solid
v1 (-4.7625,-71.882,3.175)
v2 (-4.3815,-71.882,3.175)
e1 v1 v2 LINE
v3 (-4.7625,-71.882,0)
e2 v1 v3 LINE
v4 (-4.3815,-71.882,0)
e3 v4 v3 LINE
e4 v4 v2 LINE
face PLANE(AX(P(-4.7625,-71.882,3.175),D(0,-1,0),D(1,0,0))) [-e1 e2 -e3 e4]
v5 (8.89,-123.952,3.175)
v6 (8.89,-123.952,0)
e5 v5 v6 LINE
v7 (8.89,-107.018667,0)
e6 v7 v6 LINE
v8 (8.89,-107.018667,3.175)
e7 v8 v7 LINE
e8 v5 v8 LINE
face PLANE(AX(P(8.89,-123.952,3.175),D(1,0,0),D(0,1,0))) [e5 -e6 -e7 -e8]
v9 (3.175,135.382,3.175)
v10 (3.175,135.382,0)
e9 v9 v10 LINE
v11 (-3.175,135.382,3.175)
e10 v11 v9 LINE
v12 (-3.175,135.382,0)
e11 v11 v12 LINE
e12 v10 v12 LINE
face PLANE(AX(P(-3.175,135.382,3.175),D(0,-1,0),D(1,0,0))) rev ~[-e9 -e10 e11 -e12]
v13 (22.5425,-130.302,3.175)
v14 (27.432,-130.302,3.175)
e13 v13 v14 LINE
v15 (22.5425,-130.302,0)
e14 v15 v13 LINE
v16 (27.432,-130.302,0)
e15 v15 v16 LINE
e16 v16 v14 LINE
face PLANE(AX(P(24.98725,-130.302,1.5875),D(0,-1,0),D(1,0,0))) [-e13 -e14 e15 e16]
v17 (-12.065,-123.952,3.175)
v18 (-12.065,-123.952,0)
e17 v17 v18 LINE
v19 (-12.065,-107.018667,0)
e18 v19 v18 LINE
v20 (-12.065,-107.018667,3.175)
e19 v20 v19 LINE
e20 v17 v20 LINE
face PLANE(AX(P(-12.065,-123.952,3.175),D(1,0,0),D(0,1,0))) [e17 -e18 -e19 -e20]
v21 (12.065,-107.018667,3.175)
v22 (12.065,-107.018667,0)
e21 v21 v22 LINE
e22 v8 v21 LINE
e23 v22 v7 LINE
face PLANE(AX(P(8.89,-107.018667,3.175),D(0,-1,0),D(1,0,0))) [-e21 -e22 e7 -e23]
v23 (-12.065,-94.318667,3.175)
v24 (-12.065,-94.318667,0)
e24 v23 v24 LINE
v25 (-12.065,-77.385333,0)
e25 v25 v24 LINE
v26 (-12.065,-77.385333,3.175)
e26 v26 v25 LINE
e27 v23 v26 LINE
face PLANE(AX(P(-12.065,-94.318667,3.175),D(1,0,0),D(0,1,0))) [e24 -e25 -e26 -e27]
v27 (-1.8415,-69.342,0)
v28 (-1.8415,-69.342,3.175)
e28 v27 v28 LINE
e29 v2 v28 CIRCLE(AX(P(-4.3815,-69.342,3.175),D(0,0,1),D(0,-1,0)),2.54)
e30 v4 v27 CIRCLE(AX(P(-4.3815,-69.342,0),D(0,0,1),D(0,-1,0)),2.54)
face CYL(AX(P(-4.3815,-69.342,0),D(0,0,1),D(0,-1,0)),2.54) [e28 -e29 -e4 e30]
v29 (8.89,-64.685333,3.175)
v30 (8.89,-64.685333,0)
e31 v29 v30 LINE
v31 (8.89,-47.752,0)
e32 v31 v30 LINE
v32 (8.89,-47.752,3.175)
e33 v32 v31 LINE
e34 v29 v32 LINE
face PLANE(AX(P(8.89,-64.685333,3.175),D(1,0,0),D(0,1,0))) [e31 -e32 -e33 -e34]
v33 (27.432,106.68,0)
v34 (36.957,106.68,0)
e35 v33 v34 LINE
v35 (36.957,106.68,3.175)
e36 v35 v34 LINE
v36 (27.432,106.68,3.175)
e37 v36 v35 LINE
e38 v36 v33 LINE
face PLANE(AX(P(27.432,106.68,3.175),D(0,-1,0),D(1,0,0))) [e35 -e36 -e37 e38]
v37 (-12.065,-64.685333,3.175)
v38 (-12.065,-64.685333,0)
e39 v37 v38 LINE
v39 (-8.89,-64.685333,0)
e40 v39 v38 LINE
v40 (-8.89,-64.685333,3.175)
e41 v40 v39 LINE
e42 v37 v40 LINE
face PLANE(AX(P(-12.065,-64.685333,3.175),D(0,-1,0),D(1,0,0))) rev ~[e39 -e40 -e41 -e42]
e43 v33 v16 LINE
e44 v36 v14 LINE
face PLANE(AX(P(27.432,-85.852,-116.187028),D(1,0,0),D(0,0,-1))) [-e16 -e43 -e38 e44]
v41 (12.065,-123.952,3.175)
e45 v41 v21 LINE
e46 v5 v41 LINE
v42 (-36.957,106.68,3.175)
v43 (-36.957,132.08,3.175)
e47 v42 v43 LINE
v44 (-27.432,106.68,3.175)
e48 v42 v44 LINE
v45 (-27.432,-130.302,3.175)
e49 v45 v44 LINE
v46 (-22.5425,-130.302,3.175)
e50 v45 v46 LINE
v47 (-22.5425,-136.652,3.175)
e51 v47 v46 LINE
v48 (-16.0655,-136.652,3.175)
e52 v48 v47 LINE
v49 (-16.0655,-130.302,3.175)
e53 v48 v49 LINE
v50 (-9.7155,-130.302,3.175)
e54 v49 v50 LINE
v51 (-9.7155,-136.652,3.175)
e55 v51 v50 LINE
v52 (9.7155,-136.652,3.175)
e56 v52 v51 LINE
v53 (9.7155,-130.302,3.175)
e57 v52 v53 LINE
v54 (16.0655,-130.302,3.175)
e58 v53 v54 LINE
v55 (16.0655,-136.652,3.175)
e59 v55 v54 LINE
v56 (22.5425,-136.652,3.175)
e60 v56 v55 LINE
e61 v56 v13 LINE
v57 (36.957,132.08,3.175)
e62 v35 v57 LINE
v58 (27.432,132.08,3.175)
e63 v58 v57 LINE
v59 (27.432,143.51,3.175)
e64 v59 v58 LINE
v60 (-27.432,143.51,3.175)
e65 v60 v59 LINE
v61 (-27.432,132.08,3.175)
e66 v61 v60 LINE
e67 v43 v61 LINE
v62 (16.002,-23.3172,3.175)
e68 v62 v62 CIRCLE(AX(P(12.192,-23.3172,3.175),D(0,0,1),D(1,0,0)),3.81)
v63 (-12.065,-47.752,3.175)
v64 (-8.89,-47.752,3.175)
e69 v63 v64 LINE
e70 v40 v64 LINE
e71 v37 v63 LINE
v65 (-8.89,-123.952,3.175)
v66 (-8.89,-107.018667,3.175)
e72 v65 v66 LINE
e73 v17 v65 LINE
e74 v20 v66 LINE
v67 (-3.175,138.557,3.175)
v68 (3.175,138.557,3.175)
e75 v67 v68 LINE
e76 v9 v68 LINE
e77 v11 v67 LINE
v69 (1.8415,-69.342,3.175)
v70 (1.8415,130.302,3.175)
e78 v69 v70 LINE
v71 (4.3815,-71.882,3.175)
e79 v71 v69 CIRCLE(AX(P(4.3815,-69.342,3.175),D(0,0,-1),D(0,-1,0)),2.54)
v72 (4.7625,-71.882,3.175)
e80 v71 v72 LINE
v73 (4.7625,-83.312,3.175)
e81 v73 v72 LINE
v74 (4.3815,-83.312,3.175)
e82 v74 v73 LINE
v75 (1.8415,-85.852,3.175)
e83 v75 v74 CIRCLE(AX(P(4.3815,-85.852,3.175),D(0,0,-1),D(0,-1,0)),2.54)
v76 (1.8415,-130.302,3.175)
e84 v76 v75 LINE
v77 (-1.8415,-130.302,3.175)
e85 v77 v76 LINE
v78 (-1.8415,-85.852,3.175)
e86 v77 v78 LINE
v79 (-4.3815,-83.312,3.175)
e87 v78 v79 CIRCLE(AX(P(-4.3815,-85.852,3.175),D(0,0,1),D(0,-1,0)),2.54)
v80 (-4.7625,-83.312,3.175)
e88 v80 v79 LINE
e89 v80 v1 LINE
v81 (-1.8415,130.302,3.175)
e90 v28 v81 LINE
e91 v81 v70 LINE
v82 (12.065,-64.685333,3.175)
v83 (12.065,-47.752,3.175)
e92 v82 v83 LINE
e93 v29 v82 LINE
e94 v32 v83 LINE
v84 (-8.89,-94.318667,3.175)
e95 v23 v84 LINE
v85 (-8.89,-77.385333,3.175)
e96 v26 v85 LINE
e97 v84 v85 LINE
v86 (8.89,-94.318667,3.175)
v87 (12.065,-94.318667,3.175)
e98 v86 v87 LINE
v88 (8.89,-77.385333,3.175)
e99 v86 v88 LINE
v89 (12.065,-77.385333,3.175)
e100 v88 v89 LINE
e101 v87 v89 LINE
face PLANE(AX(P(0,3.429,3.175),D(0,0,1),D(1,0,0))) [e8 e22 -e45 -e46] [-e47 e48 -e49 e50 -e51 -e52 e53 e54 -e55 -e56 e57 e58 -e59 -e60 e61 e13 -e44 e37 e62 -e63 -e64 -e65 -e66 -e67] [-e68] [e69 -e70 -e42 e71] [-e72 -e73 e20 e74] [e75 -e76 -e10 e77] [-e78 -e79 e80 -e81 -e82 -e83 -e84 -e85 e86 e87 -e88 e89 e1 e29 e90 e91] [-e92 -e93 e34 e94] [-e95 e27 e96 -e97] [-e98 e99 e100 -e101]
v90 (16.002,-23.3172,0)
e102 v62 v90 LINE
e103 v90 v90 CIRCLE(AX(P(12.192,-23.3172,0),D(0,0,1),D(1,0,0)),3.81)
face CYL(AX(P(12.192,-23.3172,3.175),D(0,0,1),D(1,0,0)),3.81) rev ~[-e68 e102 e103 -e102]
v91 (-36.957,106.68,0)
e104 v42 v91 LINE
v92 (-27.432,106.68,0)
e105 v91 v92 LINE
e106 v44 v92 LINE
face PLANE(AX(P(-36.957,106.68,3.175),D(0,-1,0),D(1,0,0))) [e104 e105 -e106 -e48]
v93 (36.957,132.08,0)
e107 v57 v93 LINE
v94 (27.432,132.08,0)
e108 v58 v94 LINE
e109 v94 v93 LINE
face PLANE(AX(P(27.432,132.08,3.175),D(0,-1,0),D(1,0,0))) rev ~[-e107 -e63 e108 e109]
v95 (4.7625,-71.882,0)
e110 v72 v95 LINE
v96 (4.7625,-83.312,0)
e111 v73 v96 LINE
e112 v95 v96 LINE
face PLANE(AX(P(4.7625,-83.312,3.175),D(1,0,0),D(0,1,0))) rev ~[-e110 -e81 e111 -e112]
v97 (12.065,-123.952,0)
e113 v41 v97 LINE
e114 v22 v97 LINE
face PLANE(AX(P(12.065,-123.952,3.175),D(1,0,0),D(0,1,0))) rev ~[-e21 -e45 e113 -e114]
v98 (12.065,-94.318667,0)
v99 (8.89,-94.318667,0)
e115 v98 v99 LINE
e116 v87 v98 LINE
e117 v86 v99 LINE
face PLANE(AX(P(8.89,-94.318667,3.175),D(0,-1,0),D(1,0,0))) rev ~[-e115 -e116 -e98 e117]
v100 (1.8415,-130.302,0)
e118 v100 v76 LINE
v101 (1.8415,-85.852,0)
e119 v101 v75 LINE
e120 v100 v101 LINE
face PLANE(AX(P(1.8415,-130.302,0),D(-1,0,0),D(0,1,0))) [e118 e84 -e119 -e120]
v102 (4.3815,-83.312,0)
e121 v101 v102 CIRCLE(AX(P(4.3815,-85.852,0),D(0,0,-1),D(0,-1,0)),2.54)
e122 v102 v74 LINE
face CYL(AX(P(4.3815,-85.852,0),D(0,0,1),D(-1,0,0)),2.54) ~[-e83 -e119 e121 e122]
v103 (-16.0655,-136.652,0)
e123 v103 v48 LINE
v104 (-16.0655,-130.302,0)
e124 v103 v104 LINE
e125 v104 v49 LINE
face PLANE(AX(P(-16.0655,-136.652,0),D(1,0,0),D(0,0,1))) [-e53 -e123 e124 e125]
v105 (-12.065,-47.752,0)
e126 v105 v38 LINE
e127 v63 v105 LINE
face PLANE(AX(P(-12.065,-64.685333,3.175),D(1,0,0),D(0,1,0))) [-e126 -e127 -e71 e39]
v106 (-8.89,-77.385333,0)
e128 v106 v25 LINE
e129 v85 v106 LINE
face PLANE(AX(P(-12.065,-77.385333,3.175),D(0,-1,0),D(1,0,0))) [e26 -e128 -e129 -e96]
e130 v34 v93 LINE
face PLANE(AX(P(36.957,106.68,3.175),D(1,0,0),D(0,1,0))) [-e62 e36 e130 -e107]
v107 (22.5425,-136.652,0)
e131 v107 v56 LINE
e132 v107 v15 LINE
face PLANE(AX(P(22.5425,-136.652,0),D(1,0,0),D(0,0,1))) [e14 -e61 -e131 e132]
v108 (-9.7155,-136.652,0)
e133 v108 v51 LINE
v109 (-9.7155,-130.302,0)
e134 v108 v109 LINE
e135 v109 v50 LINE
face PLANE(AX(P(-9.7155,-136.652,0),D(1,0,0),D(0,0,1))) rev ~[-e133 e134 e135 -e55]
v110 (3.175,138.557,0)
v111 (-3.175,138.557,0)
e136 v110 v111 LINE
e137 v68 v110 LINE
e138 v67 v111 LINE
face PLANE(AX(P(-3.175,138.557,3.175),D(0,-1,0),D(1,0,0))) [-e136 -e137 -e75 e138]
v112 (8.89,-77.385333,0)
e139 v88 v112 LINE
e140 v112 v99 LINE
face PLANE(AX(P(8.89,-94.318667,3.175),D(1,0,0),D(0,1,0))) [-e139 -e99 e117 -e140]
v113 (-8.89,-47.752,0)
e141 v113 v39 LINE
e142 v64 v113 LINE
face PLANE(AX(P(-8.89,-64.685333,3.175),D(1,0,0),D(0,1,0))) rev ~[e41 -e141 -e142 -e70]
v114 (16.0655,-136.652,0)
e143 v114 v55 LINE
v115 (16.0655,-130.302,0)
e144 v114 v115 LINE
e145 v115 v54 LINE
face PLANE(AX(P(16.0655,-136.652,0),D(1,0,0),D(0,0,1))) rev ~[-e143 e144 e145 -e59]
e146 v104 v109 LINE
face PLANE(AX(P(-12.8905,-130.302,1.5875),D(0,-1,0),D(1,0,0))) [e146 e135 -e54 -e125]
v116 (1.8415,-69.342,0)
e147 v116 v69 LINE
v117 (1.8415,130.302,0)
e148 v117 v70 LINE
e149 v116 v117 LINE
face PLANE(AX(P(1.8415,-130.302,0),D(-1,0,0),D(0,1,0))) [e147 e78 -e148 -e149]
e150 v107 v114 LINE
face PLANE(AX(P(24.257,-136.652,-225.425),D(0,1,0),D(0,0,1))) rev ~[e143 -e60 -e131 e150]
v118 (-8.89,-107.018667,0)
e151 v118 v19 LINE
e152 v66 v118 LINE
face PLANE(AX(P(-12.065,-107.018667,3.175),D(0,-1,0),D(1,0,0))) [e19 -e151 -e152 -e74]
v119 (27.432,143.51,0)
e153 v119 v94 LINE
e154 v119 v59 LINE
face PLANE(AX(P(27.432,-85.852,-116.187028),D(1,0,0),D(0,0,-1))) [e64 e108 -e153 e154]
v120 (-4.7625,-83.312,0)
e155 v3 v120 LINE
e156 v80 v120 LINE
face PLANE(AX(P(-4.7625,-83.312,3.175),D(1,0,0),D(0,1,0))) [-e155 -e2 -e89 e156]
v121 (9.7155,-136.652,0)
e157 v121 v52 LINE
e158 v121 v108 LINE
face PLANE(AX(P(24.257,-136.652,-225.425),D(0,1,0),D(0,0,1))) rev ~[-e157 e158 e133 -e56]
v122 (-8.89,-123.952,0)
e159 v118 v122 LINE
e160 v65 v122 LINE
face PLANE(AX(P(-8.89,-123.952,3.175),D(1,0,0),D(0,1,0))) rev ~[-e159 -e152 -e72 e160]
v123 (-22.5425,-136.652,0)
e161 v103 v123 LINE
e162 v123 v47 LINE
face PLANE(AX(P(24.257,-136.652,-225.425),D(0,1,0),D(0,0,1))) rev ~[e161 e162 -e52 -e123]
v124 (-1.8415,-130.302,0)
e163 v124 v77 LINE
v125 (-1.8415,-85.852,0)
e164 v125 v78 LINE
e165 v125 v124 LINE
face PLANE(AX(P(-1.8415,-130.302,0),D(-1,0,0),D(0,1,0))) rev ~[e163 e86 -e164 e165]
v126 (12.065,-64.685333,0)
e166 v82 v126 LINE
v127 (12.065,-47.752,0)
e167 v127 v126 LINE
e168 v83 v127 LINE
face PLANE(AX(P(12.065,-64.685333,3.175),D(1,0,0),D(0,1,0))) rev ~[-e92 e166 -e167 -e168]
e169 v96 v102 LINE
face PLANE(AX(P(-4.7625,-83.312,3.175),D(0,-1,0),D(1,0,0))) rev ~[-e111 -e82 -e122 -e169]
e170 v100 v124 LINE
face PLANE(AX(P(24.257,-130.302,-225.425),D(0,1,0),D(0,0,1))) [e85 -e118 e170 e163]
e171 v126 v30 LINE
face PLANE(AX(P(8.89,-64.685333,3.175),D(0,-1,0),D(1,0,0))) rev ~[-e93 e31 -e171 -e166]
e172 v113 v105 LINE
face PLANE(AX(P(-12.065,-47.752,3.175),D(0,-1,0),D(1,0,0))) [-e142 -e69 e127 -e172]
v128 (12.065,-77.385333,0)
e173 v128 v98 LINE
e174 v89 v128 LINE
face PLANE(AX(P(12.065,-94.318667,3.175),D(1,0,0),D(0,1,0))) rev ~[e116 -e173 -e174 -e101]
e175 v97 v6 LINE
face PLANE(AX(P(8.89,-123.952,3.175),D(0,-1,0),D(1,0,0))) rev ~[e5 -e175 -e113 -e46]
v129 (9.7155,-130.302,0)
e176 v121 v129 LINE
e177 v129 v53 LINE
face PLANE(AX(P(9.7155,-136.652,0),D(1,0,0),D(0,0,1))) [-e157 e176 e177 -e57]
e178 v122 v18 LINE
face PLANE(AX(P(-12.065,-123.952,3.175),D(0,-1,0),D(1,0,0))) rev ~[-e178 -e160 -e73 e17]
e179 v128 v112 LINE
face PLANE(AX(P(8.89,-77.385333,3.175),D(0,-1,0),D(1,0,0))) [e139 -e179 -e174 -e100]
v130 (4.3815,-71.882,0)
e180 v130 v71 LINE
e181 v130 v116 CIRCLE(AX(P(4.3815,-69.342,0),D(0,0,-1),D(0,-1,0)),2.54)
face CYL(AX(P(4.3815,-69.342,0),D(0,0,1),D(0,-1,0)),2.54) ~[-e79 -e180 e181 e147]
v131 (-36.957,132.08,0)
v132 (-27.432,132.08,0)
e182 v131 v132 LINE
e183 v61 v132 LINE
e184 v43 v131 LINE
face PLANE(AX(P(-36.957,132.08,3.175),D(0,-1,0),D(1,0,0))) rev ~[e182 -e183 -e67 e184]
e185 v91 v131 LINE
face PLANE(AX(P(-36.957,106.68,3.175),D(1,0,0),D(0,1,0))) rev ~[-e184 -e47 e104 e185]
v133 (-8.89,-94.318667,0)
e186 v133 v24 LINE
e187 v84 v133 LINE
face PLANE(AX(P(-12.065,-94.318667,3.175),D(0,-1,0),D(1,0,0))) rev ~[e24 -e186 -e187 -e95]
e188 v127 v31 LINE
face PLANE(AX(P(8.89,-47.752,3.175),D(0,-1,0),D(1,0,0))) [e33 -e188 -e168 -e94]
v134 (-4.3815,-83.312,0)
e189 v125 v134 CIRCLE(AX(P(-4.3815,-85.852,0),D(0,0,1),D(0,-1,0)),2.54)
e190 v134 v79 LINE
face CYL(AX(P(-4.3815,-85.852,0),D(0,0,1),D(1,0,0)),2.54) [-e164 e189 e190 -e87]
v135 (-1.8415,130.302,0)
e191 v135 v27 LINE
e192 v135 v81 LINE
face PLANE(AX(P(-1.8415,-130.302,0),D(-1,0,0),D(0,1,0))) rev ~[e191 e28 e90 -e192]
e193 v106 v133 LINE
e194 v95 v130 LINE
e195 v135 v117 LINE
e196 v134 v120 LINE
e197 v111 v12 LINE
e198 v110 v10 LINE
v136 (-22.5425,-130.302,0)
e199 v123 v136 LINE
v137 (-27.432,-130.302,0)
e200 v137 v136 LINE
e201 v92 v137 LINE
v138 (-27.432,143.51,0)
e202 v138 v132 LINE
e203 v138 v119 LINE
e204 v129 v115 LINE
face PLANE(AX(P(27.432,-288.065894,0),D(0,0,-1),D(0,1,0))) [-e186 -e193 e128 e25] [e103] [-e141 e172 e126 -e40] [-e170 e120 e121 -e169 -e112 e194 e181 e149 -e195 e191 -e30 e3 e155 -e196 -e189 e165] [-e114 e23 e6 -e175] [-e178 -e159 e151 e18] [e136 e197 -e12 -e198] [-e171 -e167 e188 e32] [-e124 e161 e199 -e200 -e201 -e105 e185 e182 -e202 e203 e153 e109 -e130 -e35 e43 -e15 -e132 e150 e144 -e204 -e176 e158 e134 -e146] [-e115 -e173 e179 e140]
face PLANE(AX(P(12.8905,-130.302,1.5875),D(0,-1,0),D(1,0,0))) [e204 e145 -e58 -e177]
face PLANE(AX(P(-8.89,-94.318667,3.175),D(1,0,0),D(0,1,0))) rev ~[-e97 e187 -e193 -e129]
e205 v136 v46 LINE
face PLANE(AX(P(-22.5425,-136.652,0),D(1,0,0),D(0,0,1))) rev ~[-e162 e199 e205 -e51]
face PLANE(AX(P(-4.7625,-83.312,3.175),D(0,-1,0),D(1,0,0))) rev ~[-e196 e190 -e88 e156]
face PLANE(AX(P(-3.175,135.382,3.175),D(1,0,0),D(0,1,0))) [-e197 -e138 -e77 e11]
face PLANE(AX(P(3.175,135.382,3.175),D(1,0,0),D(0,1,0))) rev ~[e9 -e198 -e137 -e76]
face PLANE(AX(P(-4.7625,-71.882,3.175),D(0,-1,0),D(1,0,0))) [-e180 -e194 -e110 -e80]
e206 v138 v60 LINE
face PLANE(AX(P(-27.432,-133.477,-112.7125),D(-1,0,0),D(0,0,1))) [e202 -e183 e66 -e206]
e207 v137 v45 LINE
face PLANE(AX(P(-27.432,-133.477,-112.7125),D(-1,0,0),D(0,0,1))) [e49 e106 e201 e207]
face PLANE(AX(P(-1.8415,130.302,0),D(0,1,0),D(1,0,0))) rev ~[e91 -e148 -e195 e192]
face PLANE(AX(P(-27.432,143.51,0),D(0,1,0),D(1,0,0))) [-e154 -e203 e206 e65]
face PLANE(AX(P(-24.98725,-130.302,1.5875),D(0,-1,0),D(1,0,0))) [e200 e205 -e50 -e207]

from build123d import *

# Parameters (mm, degrees)
SKETCH1_W           = 54.864
SKETCH1_H           = 280.162
SKETCH1_W_2         = 3.683
SKETCH1_H_2         = 260.604
BOSS_EXTRUDE1_DEPTH = 3.175
SKETCH2_W           = 3.175
SKETCH2_H           = 101.6
BOSS_EXTRUDE2_DEPTH = 3.175
SKETCH3_W           = 225.425
SKETCH3_H           = 6.35
BOSS_EXTRUDE3_DEPTH = 51.689
SKETCH7_W           = 327.022738736
SKETCH7_H           = 279.435650021
CUT_EXTRUDE1_DEPTH  = 55.864
SKETCH4_W           = 6.35
SKETCH4_H           = 3.175
SKETCH4_W_2         = 4.8895
SKETCH4_H_2         = 12.7
CUT_EXTRUDE2_DEPTH  = 6.35
SKETCH8_W           = 9.525
SKETCH8_H           = 25.4
BOSS_EXTRUDE4_DEPTH = 3.175
SKETCH9_W           = 3.175
SKETCH9_H           = 16.933333333
SKETCH9_H_2         = 16.933333334
CUT_EXTRUDE4_DEPTH  = 4.175
SKETCH10_W          = 6.35
SKETCH10_H          = 3.175
CUT_EXTRUDE5_DEPTH  = 4.175
SKETCH13_W          = 9.525
SKETCH13_H          = 11.43
CUT_EXTRUDE7_DEPTH  = 4.175
SKETCH14_R          = 3.81
CUT_EXTRUDE8_DEPTH  = 4.175
FILLET1_R           = 2.54


with BuildPart() as part:
    # Sketch1 → Boss-Extrude1 (new body)
    with BuildSketch(Plane.XY):
        with Locations((0, 3.429)):
            Rectangle(SKETCH1_W, SKETCH1_H)
        Rectangle(SKETCH1_W_2, SKETCH1_H_2, mode=Mode.SUBTRACT)
    extrude(amount=BOSS_EXTRUDE1_DEPTH)

    # Sketch2 → Boss-Extrude2 (add)
    with BuildSketch(Plane(origin=(27.432, 0, 0), x_dir=(0, 0, -1), z_dir=(1, 0, 0))):
        Polygon((225.425, -47.752), (225.425, -35.052), (0, -35.052), (0, -136.652), (225.425, -136.652), (225.425, -123.952), (228.6, -123.952), (228.6, -107.018666667), (225.425, -107.018666667), (225.425, -94.318666667), (228.6, -94.318666667), (228.6, -77.385333333), (225.425, -77.385333333), (225.425, -64.685333333), (228.6, -64.685333333), (228.6, -47.752), align=None)
        with BuildLine():
            ThreePointArc((11.4, -103.892), (9.9, -105.392), (8.4, -103.892))
            Line((8.4, -103.892), (8.4, -98.812))
            ThreePointArc((8.4, -98.812), (9.9, -97.312), (11.4, -98.812))
            Line((11.4, -98.812), (11.4, -103.892))
        make_face(mode=Mode.SUBTRACT)
        with BuildLine():
            Line((42.4, -98.812), (42.4, -103.892))
            ThreePointArc((42.4, -103.892), (40.9, -105.392), (39.4, -103.892))
            Line((39.4, -103.892), (39.4, -98.812))
            ThreePointArc((39.4, -98.812), (40.9, -97.312), (42.4, -98.812))
        make_face(mode=Mode.SUBTRACT)
        with BuildLine():
            ThreePointArc((36.4, -88.392), (25.4, -99.392), (14.4, -88.392))
            Line((14.4, -88.392), (14.4, -83.312))
            ThreePointArc((14.4, -83.312), (25.4, -72.312), (36.4, -83.312))
            Line((36.4, -83.312), (36.4, -88.392))
        make_face(mode=Mode.SUBTRACT)
        with BuildLine():
            ThreePointArc((11.4, -72.892), (9.9, -74.392), (8.4, -72.892))
            Line((8.4, -72.892), (8.4, -67.812))
            ThreePointArc((8.4, -67.812), (9.9, -66.312), (11.4, -67.812))
            Line((11.4, -67.812), (11.4, -72.892))
        make_face(mode=Mode.SUBTRACT)
        with BuildLine():
            ThreePointArc((42.4, -72.892), (40.9, -74.392), (39.4, -72.892))
            Line((39.4, -72.892), (39.4, -67.812))
            ThreePointArc((39.4, -67.812), (40.9, -66.312), (42.4, -67.812))
            Line((42.4, -67.812), (42.4, -72.892))
        make_face(mode=Mode.SUBTRACT)
        with Locations((-1.5875, -85.852)):
            Rectangle(SKETCH2_W, SKETCH2_H)
    extrude(amount=-BOSS_EXTRUDE2_DEPTH)

    # Sketch3 → Boss-Extrude3 (add)
    with BuildSketch(Plane.ZY.offset(-24.257)):
        with Locations((-112.7125, -133.477)):
            Rectangle(SKETCH3_W, SKETCH3_H)
    extrude(amount=BOSS_EXTRUDE3_DEPTH)

    # Sketch7 → Cut-Extrude1 (cut, through all)
    with BuildSketch(Plane(origin=(27.432, 0, 0), x_dir=(0, 0, -1), z_dir=(1, 0, 0))):
        with Locations((163.511369368, -148.348068682)):
            Rectangle(SKETCH7_W, SKETCH7_H)
    extrude(amount=-CUT_EXTRUDE1_DEPTH, mode=Mode.SUBTRACT)

    # Sketch4 → Cut-Extrude2 (cut)
    with BuildSketch(Plane.XZ.offset(136.652)):
        with Locations((-12.8905, 1.5875)):
            Rectangle(SKETCH4_W, SKETCH4_H)
        with Locations((24.98725, 1.5875)):
            Rectangle(SKETCH4_W_2, SKETCH4_H)
        with Locations((-24.98725, 1.5875)):
            Rectangle(SKETCH4_W_2, SKETCH4_H)
        with Locations((12.8905, 1.5875)):
            Rectangle(SKETCH4_W, SKETCH4_H)
        with Locations((24.98725, -138.1125)):
            Rectangle(SKETCH4_W_2, SKETCH4_H_2)
        with Locations((24.98725, -57.15)):
            Rectangle(SKETCH4_W_2, SKETCH4_H_2)
        with Locations((24.98725, -165.1)):
            Rectangle(SKETCH4_W_2, SKETCH4_H_2)
    extrude(amount=-CUT_EXTRUDE2_DEPTH, mode=Mode.SUBTRACT)

    # Sketch8 → Boss-Extrude4 (add)
    with BuildSketch(Plane.XY.offset(3.175)):
        with Locations((-32.1945, 119.38)):
            Rectangle(SKETCH8_W, SKETCH8_H)
        with Locations((32.1945, 119.38)):
            Rectangle(SKETCH8_W, SKETCH8_H)
    extrude(amount=-BOSS_EXTRUDE4_DEPTH)

    # Sketch9 → Cut-Extrude4 (cut, through all)
    with BuildSketch(Plane.XY.offset(3.175)):
        with Locations((-10.4775, -56.218666666)):
            Rectangle(SKETCH9_W, SKETCH9_H)
        with Locations((-10.4775, -85.852)):
            Rectangle(SKETCH9_W, SKETCH9_H_2)
        with Locations((-10.4775, -115.485333334)):
            Rectangle(SKETCH9_W, SKETCH9_H)
        with Locations((10.4775, -56.218666666)):
            Rectangle(SKETCH9_W, SKETCH9_H)
        with Locations((10.4775, -85.852)):
            Rectangle(SKETCH9_W, SKETCH9_H_2)
        with Locations((10.4775, -115.485333334)):
            Rectangle(SKETCH9_W, SKETCH9_H)
    extrude(amount=-CUT_EXTRUDE4_DEPTH, mode=Mode.SUBTRACT)

    # Sketch10 → Cut-Extrude5 (cut, through all)
    with BuildSketch(Plane.XY.offset(3.175)):
        with Locations((0, 136.9695)):
            Rectangle(SKETCH10_W, SKETCH10_H)
    extrude(amount=-CUT_EXTRUDE5_DEPTH, mode=Mode.SUBTRACT)

    # Sketch13 → Cut-Extrude7 (cut, through all)
    with BuildSketch(Plane.XY.offset(3.175)):
        with Locations((0, -77.597)):
            Rectangle(SKETCH13_W, SKETCH13_H)
    extrude(amount=-CUT_EXTRUDE7_DEPTH, mode=Mode.SUBTRACT)

    # Sketch14 → Cut-Extrude8 (cut, through all)
    with BuildSketch(Plane.XY.offset(3.175)):
        with Locations((12.192, -23.3172)):
            Circle(SKETCH14_R)
    extrude(amount=-CUT_EXTRUDE8_DEPTH, mode=Mode.SUBTRACT)

    # Fillet1
    fillet1_edges = [part.edges().sort_by_distance(p)[0] for p in [
        (-1.8415, -83.312, 1.5875),
        (-1.8415, -71.882, 1.5875),
        (1.8415, -71.882, 1.5875),
        (1.8415, -83.312, 1.5875),
    ]]
    fillet(fillet1_edges, radius=FILLET1_R)


solid = part.part
